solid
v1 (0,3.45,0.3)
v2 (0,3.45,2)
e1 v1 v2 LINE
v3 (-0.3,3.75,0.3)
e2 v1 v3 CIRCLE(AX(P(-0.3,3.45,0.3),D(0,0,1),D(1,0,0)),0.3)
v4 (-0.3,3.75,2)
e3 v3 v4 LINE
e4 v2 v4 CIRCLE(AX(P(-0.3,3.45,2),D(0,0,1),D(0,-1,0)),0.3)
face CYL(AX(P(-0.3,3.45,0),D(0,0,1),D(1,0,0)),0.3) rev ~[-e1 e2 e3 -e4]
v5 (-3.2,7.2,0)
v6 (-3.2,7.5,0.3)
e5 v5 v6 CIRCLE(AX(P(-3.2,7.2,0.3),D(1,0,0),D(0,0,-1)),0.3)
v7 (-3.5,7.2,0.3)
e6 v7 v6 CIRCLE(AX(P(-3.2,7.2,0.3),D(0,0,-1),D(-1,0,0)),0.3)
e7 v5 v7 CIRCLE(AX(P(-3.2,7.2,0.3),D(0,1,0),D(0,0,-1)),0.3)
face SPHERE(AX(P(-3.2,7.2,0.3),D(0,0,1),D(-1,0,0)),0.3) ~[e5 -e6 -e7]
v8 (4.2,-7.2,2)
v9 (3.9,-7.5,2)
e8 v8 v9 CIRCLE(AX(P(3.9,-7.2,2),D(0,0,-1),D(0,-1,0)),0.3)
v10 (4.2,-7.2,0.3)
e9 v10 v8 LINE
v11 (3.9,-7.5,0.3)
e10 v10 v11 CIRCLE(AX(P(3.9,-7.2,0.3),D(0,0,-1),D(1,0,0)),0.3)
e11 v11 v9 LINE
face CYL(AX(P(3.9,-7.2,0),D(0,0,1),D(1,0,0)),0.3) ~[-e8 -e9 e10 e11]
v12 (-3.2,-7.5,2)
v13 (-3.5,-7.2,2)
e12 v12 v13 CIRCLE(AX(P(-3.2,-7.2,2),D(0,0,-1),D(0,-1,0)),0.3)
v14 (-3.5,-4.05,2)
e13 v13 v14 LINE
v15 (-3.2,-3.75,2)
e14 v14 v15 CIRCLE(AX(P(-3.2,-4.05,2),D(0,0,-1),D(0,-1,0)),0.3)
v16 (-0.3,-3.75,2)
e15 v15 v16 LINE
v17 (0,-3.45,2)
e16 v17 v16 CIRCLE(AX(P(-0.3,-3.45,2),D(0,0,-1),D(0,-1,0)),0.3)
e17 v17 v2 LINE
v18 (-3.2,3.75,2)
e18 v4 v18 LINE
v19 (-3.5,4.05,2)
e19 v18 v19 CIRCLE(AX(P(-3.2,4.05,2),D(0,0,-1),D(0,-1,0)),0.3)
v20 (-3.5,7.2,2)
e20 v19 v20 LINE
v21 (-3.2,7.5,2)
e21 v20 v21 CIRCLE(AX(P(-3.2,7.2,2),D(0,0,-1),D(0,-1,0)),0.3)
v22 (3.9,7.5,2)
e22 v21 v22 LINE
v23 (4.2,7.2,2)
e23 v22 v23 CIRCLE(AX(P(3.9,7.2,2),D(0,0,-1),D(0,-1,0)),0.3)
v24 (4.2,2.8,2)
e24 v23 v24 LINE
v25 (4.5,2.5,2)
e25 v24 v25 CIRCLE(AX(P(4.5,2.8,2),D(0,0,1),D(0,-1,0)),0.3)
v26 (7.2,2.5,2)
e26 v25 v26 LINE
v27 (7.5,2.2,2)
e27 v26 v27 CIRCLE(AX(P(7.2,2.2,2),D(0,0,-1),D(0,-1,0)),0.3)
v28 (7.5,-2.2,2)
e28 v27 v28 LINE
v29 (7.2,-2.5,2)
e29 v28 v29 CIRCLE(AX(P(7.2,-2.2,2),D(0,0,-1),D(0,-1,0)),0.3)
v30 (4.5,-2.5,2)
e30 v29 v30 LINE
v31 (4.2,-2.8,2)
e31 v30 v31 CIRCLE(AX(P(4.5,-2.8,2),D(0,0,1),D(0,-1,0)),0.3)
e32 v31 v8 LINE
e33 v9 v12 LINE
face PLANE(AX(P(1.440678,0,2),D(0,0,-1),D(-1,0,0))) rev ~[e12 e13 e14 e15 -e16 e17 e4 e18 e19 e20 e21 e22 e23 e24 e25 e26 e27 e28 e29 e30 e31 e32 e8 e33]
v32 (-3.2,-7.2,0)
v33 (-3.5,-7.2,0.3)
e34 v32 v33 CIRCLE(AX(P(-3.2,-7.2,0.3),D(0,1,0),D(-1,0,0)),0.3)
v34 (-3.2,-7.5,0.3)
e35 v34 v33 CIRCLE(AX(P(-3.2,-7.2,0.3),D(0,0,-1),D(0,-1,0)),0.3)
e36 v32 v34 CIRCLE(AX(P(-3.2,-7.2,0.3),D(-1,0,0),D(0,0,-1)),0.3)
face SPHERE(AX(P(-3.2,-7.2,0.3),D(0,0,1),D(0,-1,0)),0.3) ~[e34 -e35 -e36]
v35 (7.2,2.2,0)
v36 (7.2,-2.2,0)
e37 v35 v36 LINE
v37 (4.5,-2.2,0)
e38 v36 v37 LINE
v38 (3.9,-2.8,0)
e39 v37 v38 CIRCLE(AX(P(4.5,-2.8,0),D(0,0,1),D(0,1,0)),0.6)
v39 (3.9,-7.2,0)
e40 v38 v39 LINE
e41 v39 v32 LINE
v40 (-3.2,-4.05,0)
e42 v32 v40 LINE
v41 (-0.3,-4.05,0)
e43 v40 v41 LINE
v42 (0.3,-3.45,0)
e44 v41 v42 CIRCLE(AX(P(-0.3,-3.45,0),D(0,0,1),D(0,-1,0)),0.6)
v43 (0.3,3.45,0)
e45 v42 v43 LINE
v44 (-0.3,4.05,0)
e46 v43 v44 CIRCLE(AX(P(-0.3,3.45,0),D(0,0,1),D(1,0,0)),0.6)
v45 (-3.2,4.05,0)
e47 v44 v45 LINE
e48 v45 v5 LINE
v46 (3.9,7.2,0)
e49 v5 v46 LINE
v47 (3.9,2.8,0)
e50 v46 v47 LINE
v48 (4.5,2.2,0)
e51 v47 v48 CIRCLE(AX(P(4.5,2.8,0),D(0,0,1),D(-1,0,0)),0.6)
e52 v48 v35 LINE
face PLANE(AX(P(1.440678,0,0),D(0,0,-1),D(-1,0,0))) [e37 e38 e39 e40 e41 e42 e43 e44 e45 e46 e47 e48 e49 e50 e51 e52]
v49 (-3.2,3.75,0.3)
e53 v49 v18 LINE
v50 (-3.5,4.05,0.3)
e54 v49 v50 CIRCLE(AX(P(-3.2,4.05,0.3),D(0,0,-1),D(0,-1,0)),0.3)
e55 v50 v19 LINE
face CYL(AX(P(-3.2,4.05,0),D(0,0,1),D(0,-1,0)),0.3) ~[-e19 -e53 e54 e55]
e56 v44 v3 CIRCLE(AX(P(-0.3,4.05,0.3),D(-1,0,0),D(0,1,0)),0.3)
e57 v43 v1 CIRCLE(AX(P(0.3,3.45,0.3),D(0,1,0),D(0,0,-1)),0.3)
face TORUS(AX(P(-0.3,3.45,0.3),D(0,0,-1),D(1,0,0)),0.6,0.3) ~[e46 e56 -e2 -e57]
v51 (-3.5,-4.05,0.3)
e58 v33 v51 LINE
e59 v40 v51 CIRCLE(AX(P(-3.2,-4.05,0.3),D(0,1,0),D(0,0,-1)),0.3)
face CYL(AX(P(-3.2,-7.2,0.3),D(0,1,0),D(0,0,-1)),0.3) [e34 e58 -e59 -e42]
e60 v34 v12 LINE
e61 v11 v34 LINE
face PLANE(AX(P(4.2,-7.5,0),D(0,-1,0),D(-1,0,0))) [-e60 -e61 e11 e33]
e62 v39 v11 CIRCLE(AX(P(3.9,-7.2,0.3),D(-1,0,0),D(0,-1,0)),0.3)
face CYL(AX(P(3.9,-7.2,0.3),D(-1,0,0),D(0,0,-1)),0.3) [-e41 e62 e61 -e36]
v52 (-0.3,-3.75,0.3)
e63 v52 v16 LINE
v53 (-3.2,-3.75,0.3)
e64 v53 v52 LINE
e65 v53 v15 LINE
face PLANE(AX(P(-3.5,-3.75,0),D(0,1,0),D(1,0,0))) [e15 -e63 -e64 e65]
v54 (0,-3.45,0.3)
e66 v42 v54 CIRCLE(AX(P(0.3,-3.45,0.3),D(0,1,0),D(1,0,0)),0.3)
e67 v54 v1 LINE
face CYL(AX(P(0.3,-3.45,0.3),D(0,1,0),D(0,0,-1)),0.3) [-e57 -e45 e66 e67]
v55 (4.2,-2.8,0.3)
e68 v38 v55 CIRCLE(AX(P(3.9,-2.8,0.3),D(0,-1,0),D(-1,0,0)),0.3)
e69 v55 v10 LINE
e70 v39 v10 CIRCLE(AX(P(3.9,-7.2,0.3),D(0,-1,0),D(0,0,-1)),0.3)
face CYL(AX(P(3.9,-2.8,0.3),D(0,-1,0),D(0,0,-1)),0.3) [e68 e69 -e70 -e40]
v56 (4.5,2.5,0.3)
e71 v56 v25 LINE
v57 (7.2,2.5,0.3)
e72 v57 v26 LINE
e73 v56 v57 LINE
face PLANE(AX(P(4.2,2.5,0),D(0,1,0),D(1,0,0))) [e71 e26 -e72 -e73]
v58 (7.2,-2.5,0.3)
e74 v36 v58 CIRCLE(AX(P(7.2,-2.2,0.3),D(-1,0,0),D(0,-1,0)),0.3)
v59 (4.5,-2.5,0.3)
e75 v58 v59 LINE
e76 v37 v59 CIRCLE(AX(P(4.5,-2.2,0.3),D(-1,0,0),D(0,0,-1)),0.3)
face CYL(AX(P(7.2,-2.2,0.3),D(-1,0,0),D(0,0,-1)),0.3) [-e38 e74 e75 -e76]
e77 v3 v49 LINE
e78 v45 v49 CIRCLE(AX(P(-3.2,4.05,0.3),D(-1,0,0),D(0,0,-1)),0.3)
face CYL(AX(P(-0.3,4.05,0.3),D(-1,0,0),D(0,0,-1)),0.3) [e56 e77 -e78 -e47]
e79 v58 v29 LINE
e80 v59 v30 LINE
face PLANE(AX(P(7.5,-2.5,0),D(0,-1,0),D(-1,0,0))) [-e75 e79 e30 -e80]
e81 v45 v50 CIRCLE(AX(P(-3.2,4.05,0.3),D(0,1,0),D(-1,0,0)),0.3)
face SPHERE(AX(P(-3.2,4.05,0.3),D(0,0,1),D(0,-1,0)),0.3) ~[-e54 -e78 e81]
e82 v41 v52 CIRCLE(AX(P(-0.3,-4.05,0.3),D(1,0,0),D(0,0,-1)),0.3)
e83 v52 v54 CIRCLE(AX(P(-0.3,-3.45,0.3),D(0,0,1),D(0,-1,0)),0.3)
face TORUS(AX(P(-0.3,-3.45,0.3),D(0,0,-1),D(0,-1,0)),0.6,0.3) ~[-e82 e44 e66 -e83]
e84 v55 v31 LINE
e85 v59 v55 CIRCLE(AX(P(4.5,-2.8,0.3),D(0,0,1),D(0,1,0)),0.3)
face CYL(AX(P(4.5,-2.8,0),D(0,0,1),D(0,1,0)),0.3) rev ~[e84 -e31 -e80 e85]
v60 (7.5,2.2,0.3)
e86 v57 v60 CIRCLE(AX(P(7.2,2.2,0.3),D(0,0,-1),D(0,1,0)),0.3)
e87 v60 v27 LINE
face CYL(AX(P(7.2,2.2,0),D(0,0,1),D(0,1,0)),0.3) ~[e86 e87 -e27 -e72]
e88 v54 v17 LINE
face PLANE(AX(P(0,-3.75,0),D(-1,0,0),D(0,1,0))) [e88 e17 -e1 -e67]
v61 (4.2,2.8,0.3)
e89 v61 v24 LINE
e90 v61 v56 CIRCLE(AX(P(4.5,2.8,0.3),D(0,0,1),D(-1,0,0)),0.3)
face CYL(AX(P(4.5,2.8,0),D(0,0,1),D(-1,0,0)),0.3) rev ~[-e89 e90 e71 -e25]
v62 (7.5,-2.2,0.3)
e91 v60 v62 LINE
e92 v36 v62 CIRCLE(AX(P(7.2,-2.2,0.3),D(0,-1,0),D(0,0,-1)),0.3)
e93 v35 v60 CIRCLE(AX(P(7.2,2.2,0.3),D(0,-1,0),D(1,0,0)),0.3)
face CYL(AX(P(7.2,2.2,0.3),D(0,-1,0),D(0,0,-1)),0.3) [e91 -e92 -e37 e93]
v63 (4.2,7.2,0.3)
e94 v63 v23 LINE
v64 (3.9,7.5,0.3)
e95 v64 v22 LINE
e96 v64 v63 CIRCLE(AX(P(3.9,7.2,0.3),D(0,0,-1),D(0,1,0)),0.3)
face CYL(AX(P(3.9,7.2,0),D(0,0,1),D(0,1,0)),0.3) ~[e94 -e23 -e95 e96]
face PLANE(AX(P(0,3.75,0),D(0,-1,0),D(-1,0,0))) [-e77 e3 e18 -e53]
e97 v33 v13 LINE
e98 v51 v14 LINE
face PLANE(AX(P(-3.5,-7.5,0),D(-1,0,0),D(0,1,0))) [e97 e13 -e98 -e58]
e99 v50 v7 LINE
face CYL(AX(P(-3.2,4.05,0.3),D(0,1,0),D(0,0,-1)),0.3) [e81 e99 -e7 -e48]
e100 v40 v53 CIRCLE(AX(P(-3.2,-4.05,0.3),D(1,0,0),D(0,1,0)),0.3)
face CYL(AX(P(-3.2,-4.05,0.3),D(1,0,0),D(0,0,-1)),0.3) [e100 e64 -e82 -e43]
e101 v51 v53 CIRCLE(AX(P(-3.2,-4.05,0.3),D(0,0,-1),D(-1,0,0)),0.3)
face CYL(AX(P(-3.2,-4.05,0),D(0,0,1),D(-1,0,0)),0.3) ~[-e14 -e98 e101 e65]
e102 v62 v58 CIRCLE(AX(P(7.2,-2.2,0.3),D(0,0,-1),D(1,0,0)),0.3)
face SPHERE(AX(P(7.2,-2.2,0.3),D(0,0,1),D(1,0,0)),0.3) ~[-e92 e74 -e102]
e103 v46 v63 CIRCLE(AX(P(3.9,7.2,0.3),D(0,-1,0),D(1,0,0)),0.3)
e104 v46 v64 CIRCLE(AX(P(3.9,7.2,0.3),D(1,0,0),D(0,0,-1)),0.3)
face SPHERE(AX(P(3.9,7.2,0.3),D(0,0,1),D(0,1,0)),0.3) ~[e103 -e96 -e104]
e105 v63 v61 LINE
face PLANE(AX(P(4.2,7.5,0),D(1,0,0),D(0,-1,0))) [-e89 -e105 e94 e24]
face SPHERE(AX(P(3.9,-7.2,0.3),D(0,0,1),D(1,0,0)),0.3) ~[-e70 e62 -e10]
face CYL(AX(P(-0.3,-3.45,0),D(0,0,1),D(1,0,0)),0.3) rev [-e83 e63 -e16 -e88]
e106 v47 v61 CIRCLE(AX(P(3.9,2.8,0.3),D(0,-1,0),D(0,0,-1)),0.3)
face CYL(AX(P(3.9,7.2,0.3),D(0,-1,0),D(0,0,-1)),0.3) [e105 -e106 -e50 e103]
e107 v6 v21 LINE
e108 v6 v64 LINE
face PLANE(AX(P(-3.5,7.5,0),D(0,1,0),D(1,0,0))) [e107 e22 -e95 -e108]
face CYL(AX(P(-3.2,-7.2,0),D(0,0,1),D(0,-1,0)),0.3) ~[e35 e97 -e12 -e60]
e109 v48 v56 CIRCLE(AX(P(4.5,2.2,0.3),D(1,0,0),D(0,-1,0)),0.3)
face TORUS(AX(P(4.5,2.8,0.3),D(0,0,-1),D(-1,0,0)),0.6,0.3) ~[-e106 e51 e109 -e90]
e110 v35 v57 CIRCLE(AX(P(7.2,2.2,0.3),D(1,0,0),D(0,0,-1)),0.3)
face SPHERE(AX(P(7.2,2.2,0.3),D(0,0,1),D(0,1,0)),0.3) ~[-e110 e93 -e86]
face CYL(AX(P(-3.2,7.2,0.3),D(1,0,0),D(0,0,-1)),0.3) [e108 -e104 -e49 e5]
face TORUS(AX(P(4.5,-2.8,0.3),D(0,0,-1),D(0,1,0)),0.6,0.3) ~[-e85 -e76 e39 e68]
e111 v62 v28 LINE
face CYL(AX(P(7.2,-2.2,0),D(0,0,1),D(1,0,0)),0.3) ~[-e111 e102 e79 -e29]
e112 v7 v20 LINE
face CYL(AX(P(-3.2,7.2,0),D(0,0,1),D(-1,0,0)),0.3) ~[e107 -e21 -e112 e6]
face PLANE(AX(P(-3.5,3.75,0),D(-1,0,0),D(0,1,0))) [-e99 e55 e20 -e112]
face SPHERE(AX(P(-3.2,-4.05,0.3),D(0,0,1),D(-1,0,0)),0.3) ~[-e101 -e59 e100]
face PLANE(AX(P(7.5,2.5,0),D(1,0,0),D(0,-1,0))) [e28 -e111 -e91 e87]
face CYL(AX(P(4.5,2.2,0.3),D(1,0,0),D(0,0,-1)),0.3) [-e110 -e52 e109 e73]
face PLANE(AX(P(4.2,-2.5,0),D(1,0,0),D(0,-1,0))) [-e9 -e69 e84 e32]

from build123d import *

# Parameters (mm, degrees)
GRUNDK_RPER_DEPTH = 2
VERRUNDUNG1_R     = 0.3
VERRUNDUNG2_R     = 0.3


with BuildPart() as part:
    # Skizze1 → Grundkörper (new body)
    with BuildSketch(Plane.XY):
        Polygon((0, -3.75), (0, 3.75), (-3.5, 3.75), (-3.5, 7.5), (4.2, 7.5), (4.2, 2.5), (7.5, 2.5), (7.5, -2.5), (4.2, -2.5), (4.2, -7.5), (-3.5, -7.5), (-3.5, -3.75), align=None)
    extrude(amount=GRUNDK_RPER_DEPTH)

    # Verrundung1
    verrundung1_edges = [part.edges().sort_by_distance(p)[0] for p in [
        (4.2, 7.5, 1),
        (4.2, 2.5, 1),
        (7.5, 2.5, 1),
        (7.5, -2.5, 1),
        (4.2, -2.5, 1),
        (4.2, -7.5, 1),
        (-3.5, -7.5, 1),
        (-3.5, -3.75, 1),
        (0, -3.75, 1),
        (0, 3.75, 1),
        (-3.5, 3.75, 1),
        (-3.5, 7.5, 1),
    ]]
    fillet(verrundung1_edges, radius=VERRUNDUNG1_R)

    # Verrundung2
    verrundung2_edges = [part.edges().sort_by_distance(p)[0] for p in [
        (0.35, 7.5, 0),
        (4.2, 5, 0),
        (5.85, 2.5, 0),
        (7.5, 0, 0),
        (5.85, -2.5, 0),
        (4.2, -5, 0),
        (0.35, -7.5, 0),
        (-3.5, -5.625, 0),
        (-1.75, -3.75, 0),
        (0, 0, 0),
        (-1.75, 3.75, 0),
        (-3.5, 5.625, 0),
        (7.412132034, -2.412132034, 0),
        (4.112132034, -7.412132034, 0),
        (-3.412132034, -7.412132034, 0),
        (-3.412132034, -3.837867966, 0),
        (-3.412132034, 3.837867966, 0),
        (-3.412132034, 7.412132034, 0),
        (7.412132034, 2.412132034, 0),
        (4.112132034, 7.412132034, 0),
        (4.287867966, 2.587867966, 0),
        (-0.087867966, 3.662132034, 0),
        (-0.087867966, -3.662132034, 0),
        (4.287867966, -2.587867966, 0),
    ]]
    fillet(verrundung2_edges, radius=VERRUNDUNG2_R)


solid = part.part
